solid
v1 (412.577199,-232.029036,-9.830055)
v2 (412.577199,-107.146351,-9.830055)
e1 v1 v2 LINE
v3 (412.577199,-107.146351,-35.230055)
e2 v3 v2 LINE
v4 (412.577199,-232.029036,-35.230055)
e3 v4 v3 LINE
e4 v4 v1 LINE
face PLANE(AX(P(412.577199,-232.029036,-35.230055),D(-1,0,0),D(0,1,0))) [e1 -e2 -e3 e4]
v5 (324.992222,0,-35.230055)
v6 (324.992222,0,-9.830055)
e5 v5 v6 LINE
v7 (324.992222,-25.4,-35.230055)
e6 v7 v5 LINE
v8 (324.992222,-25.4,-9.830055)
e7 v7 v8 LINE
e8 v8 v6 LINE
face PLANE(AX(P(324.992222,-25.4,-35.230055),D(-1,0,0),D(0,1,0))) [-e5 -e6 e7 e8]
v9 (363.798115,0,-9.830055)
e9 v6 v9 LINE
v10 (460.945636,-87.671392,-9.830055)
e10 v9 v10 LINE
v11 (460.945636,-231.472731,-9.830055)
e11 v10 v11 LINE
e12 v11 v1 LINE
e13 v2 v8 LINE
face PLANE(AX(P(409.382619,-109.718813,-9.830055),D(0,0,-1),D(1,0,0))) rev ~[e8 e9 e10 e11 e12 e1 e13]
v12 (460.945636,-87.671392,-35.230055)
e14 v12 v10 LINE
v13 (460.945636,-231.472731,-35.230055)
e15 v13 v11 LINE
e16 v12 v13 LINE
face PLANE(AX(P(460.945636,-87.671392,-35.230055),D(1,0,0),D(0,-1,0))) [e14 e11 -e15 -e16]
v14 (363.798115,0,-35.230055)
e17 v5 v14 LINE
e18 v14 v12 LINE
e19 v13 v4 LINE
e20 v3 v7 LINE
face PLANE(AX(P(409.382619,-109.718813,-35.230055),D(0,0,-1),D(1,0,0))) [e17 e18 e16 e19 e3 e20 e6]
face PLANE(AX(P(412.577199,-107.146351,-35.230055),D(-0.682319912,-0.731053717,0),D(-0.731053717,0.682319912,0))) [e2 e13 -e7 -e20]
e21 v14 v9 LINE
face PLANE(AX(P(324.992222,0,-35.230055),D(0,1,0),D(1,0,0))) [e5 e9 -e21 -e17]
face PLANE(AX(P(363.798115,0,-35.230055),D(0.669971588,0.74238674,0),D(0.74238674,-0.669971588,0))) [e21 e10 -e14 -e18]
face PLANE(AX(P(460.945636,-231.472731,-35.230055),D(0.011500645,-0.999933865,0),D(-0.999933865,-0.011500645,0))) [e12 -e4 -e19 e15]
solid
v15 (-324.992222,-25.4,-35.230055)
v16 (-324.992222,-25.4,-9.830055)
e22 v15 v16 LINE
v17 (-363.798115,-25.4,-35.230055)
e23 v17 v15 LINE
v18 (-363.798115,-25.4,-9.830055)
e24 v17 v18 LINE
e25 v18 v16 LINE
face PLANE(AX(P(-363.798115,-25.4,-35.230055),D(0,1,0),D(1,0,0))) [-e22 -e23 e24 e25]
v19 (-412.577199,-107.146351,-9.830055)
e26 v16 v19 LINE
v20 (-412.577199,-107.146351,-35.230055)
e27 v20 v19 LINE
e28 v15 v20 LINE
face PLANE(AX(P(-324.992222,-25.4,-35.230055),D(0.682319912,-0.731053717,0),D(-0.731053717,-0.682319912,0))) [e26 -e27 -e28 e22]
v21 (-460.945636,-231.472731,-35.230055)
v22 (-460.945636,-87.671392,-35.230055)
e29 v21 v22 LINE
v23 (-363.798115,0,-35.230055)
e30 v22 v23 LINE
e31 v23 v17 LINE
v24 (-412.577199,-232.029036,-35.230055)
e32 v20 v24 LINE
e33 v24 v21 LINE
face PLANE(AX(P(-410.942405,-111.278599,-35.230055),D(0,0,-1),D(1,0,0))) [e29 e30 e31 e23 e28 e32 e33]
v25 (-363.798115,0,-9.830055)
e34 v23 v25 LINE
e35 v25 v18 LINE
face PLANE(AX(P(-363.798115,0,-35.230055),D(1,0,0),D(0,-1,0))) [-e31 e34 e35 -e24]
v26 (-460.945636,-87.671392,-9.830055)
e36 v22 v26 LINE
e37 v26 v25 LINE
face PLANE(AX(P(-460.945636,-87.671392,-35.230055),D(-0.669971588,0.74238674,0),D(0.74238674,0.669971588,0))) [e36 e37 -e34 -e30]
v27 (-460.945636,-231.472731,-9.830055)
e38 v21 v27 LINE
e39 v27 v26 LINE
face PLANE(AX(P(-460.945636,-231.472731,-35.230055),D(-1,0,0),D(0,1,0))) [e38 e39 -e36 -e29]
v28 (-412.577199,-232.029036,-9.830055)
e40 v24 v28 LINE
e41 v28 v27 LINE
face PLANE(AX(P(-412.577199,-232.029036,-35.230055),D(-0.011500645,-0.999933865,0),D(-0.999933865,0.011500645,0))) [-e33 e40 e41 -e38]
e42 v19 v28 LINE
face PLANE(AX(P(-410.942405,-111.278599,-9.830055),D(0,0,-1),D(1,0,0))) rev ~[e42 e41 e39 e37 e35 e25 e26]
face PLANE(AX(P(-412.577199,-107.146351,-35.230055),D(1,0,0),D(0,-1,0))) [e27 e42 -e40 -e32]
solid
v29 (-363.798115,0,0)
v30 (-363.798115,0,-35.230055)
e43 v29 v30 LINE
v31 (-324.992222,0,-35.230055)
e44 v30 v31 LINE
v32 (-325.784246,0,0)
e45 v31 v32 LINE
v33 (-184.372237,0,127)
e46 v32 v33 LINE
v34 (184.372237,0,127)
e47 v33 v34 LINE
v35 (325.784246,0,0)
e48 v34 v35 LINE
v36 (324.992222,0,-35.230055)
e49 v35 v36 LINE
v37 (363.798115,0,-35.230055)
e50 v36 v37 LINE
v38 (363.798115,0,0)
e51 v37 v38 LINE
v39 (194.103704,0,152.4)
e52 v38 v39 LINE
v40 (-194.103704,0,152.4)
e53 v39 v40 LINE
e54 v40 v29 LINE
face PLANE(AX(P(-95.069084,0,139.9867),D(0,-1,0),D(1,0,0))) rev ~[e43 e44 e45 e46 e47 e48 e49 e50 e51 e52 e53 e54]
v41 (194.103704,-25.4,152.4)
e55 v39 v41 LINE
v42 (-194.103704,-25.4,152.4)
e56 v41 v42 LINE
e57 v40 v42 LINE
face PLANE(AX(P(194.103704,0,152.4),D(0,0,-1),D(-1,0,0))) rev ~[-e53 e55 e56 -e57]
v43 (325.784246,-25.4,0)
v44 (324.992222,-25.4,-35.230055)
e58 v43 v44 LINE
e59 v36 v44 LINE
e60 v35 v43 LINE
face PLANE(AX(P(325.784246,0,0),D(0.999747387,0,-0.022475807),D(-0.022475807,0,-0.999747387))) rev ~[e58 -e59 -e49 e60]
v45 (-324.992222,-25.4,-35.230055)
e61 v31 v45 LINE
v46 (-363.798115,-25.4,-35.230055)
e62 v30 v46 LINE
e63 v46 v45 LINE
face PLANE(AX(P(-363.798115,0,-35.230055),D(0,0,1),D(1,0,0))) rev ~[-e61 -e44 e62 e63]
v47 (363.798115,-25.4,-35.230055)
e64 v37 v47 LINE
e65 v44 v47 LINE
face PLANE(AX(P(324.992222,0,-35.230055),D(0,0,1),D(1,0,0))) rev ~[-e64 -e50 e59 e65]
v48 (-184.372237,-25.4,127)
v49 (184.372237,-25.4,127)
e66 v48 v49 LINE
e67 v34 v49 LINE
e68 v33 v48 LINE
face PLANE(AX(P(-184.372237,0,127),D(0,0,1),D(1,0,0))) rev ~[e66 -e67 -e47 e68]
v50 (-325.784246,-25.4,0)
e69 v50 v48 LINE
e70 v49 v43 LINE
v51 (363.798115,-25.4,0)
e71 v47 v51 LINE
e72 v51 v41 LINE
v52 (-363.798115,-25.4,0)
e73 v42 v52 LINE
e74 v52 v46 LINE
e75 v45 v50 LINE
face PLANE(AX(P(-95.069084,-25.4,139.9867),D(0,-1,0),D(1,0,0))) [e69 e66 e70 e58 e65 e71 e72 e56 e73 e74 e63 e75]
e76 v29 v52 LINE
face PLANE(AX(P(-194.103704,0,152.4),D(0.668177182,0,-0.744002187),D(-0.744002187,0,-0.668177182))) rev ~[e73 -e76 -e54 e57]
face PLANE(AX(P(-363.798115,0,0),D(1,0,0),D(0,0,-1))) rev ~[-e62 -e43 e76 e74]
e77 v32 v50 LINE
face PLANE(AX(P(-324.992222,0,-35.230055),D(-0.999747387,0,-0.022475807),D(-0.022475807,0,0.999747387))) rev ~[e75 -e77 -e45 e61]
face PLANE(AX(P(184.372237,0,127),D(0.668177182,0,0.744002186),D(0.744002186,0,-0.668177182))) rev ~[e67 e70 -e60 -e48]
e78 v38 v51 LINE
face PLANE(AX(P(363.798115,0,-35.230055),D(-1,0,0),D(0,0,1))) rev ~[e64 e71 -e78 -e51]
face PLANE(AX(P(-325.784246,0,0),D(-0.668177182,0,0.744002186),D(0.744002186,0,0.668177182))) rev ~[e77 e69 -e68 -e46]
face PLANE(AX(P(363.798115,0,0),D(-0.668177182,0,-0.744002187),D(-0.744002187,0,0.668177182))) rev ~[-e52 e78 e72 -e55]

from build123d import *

# Parameters (mm, degrees)
F2_DEPTH = 25.4
F4_DEPTH = 25.4


with BuildPart() as f2:
    # F1 (on face) → F2 (new body)
    with BuildSketch(Plane.XZ):
        Polygon((-194.103704, 152.4), (-184.372237, 127), (0, 127), (0, 152.4), align=None)
        Polygon((-325.784246, 0), (-184.372237, 127), (-194.103704, 152.4), (-363.798115, 0), (-363.798115, -35.230055), (-324.992222, -35.230055), align=None)
        Polygon((0, 152.4), (0, 127), (184.372237, 127), (325.784246, 0), (324.992222, -35.230055), (363.798115, -35.230055), (363.798115, 0), (194.103704, 152.4), align=None)
    extrude(amount=F2_DEPTH)


with BuildPart() as f4:
    # F3 (on face) → F4 (new body)
    with BuildSketch(Plane(origin=(0, 0, -35.230055), x_dir=(1, 0, 0), z_dir=(0, 0, -1))):
        Polygon((-460.945636, 231.472731), (-460.945636, 87.671392), (-363.798115, 0), (-363.798115, 25.4), (-324.992222, 25.4), (-412.577199, 107.146351), (-412.577199, 232.029036), align=None)
        Polygon((412.577199, 107.146351), (324.992222, 25.4), (324.992222, 0), (363.798115, 0), (460.945636, 87.671392), (460.945636, 231.472731), (412.577199, 232.029036), align=None)
    extrude(amount=-F4_DEPTH)


solid = Compound([f2.part, f4.part])
